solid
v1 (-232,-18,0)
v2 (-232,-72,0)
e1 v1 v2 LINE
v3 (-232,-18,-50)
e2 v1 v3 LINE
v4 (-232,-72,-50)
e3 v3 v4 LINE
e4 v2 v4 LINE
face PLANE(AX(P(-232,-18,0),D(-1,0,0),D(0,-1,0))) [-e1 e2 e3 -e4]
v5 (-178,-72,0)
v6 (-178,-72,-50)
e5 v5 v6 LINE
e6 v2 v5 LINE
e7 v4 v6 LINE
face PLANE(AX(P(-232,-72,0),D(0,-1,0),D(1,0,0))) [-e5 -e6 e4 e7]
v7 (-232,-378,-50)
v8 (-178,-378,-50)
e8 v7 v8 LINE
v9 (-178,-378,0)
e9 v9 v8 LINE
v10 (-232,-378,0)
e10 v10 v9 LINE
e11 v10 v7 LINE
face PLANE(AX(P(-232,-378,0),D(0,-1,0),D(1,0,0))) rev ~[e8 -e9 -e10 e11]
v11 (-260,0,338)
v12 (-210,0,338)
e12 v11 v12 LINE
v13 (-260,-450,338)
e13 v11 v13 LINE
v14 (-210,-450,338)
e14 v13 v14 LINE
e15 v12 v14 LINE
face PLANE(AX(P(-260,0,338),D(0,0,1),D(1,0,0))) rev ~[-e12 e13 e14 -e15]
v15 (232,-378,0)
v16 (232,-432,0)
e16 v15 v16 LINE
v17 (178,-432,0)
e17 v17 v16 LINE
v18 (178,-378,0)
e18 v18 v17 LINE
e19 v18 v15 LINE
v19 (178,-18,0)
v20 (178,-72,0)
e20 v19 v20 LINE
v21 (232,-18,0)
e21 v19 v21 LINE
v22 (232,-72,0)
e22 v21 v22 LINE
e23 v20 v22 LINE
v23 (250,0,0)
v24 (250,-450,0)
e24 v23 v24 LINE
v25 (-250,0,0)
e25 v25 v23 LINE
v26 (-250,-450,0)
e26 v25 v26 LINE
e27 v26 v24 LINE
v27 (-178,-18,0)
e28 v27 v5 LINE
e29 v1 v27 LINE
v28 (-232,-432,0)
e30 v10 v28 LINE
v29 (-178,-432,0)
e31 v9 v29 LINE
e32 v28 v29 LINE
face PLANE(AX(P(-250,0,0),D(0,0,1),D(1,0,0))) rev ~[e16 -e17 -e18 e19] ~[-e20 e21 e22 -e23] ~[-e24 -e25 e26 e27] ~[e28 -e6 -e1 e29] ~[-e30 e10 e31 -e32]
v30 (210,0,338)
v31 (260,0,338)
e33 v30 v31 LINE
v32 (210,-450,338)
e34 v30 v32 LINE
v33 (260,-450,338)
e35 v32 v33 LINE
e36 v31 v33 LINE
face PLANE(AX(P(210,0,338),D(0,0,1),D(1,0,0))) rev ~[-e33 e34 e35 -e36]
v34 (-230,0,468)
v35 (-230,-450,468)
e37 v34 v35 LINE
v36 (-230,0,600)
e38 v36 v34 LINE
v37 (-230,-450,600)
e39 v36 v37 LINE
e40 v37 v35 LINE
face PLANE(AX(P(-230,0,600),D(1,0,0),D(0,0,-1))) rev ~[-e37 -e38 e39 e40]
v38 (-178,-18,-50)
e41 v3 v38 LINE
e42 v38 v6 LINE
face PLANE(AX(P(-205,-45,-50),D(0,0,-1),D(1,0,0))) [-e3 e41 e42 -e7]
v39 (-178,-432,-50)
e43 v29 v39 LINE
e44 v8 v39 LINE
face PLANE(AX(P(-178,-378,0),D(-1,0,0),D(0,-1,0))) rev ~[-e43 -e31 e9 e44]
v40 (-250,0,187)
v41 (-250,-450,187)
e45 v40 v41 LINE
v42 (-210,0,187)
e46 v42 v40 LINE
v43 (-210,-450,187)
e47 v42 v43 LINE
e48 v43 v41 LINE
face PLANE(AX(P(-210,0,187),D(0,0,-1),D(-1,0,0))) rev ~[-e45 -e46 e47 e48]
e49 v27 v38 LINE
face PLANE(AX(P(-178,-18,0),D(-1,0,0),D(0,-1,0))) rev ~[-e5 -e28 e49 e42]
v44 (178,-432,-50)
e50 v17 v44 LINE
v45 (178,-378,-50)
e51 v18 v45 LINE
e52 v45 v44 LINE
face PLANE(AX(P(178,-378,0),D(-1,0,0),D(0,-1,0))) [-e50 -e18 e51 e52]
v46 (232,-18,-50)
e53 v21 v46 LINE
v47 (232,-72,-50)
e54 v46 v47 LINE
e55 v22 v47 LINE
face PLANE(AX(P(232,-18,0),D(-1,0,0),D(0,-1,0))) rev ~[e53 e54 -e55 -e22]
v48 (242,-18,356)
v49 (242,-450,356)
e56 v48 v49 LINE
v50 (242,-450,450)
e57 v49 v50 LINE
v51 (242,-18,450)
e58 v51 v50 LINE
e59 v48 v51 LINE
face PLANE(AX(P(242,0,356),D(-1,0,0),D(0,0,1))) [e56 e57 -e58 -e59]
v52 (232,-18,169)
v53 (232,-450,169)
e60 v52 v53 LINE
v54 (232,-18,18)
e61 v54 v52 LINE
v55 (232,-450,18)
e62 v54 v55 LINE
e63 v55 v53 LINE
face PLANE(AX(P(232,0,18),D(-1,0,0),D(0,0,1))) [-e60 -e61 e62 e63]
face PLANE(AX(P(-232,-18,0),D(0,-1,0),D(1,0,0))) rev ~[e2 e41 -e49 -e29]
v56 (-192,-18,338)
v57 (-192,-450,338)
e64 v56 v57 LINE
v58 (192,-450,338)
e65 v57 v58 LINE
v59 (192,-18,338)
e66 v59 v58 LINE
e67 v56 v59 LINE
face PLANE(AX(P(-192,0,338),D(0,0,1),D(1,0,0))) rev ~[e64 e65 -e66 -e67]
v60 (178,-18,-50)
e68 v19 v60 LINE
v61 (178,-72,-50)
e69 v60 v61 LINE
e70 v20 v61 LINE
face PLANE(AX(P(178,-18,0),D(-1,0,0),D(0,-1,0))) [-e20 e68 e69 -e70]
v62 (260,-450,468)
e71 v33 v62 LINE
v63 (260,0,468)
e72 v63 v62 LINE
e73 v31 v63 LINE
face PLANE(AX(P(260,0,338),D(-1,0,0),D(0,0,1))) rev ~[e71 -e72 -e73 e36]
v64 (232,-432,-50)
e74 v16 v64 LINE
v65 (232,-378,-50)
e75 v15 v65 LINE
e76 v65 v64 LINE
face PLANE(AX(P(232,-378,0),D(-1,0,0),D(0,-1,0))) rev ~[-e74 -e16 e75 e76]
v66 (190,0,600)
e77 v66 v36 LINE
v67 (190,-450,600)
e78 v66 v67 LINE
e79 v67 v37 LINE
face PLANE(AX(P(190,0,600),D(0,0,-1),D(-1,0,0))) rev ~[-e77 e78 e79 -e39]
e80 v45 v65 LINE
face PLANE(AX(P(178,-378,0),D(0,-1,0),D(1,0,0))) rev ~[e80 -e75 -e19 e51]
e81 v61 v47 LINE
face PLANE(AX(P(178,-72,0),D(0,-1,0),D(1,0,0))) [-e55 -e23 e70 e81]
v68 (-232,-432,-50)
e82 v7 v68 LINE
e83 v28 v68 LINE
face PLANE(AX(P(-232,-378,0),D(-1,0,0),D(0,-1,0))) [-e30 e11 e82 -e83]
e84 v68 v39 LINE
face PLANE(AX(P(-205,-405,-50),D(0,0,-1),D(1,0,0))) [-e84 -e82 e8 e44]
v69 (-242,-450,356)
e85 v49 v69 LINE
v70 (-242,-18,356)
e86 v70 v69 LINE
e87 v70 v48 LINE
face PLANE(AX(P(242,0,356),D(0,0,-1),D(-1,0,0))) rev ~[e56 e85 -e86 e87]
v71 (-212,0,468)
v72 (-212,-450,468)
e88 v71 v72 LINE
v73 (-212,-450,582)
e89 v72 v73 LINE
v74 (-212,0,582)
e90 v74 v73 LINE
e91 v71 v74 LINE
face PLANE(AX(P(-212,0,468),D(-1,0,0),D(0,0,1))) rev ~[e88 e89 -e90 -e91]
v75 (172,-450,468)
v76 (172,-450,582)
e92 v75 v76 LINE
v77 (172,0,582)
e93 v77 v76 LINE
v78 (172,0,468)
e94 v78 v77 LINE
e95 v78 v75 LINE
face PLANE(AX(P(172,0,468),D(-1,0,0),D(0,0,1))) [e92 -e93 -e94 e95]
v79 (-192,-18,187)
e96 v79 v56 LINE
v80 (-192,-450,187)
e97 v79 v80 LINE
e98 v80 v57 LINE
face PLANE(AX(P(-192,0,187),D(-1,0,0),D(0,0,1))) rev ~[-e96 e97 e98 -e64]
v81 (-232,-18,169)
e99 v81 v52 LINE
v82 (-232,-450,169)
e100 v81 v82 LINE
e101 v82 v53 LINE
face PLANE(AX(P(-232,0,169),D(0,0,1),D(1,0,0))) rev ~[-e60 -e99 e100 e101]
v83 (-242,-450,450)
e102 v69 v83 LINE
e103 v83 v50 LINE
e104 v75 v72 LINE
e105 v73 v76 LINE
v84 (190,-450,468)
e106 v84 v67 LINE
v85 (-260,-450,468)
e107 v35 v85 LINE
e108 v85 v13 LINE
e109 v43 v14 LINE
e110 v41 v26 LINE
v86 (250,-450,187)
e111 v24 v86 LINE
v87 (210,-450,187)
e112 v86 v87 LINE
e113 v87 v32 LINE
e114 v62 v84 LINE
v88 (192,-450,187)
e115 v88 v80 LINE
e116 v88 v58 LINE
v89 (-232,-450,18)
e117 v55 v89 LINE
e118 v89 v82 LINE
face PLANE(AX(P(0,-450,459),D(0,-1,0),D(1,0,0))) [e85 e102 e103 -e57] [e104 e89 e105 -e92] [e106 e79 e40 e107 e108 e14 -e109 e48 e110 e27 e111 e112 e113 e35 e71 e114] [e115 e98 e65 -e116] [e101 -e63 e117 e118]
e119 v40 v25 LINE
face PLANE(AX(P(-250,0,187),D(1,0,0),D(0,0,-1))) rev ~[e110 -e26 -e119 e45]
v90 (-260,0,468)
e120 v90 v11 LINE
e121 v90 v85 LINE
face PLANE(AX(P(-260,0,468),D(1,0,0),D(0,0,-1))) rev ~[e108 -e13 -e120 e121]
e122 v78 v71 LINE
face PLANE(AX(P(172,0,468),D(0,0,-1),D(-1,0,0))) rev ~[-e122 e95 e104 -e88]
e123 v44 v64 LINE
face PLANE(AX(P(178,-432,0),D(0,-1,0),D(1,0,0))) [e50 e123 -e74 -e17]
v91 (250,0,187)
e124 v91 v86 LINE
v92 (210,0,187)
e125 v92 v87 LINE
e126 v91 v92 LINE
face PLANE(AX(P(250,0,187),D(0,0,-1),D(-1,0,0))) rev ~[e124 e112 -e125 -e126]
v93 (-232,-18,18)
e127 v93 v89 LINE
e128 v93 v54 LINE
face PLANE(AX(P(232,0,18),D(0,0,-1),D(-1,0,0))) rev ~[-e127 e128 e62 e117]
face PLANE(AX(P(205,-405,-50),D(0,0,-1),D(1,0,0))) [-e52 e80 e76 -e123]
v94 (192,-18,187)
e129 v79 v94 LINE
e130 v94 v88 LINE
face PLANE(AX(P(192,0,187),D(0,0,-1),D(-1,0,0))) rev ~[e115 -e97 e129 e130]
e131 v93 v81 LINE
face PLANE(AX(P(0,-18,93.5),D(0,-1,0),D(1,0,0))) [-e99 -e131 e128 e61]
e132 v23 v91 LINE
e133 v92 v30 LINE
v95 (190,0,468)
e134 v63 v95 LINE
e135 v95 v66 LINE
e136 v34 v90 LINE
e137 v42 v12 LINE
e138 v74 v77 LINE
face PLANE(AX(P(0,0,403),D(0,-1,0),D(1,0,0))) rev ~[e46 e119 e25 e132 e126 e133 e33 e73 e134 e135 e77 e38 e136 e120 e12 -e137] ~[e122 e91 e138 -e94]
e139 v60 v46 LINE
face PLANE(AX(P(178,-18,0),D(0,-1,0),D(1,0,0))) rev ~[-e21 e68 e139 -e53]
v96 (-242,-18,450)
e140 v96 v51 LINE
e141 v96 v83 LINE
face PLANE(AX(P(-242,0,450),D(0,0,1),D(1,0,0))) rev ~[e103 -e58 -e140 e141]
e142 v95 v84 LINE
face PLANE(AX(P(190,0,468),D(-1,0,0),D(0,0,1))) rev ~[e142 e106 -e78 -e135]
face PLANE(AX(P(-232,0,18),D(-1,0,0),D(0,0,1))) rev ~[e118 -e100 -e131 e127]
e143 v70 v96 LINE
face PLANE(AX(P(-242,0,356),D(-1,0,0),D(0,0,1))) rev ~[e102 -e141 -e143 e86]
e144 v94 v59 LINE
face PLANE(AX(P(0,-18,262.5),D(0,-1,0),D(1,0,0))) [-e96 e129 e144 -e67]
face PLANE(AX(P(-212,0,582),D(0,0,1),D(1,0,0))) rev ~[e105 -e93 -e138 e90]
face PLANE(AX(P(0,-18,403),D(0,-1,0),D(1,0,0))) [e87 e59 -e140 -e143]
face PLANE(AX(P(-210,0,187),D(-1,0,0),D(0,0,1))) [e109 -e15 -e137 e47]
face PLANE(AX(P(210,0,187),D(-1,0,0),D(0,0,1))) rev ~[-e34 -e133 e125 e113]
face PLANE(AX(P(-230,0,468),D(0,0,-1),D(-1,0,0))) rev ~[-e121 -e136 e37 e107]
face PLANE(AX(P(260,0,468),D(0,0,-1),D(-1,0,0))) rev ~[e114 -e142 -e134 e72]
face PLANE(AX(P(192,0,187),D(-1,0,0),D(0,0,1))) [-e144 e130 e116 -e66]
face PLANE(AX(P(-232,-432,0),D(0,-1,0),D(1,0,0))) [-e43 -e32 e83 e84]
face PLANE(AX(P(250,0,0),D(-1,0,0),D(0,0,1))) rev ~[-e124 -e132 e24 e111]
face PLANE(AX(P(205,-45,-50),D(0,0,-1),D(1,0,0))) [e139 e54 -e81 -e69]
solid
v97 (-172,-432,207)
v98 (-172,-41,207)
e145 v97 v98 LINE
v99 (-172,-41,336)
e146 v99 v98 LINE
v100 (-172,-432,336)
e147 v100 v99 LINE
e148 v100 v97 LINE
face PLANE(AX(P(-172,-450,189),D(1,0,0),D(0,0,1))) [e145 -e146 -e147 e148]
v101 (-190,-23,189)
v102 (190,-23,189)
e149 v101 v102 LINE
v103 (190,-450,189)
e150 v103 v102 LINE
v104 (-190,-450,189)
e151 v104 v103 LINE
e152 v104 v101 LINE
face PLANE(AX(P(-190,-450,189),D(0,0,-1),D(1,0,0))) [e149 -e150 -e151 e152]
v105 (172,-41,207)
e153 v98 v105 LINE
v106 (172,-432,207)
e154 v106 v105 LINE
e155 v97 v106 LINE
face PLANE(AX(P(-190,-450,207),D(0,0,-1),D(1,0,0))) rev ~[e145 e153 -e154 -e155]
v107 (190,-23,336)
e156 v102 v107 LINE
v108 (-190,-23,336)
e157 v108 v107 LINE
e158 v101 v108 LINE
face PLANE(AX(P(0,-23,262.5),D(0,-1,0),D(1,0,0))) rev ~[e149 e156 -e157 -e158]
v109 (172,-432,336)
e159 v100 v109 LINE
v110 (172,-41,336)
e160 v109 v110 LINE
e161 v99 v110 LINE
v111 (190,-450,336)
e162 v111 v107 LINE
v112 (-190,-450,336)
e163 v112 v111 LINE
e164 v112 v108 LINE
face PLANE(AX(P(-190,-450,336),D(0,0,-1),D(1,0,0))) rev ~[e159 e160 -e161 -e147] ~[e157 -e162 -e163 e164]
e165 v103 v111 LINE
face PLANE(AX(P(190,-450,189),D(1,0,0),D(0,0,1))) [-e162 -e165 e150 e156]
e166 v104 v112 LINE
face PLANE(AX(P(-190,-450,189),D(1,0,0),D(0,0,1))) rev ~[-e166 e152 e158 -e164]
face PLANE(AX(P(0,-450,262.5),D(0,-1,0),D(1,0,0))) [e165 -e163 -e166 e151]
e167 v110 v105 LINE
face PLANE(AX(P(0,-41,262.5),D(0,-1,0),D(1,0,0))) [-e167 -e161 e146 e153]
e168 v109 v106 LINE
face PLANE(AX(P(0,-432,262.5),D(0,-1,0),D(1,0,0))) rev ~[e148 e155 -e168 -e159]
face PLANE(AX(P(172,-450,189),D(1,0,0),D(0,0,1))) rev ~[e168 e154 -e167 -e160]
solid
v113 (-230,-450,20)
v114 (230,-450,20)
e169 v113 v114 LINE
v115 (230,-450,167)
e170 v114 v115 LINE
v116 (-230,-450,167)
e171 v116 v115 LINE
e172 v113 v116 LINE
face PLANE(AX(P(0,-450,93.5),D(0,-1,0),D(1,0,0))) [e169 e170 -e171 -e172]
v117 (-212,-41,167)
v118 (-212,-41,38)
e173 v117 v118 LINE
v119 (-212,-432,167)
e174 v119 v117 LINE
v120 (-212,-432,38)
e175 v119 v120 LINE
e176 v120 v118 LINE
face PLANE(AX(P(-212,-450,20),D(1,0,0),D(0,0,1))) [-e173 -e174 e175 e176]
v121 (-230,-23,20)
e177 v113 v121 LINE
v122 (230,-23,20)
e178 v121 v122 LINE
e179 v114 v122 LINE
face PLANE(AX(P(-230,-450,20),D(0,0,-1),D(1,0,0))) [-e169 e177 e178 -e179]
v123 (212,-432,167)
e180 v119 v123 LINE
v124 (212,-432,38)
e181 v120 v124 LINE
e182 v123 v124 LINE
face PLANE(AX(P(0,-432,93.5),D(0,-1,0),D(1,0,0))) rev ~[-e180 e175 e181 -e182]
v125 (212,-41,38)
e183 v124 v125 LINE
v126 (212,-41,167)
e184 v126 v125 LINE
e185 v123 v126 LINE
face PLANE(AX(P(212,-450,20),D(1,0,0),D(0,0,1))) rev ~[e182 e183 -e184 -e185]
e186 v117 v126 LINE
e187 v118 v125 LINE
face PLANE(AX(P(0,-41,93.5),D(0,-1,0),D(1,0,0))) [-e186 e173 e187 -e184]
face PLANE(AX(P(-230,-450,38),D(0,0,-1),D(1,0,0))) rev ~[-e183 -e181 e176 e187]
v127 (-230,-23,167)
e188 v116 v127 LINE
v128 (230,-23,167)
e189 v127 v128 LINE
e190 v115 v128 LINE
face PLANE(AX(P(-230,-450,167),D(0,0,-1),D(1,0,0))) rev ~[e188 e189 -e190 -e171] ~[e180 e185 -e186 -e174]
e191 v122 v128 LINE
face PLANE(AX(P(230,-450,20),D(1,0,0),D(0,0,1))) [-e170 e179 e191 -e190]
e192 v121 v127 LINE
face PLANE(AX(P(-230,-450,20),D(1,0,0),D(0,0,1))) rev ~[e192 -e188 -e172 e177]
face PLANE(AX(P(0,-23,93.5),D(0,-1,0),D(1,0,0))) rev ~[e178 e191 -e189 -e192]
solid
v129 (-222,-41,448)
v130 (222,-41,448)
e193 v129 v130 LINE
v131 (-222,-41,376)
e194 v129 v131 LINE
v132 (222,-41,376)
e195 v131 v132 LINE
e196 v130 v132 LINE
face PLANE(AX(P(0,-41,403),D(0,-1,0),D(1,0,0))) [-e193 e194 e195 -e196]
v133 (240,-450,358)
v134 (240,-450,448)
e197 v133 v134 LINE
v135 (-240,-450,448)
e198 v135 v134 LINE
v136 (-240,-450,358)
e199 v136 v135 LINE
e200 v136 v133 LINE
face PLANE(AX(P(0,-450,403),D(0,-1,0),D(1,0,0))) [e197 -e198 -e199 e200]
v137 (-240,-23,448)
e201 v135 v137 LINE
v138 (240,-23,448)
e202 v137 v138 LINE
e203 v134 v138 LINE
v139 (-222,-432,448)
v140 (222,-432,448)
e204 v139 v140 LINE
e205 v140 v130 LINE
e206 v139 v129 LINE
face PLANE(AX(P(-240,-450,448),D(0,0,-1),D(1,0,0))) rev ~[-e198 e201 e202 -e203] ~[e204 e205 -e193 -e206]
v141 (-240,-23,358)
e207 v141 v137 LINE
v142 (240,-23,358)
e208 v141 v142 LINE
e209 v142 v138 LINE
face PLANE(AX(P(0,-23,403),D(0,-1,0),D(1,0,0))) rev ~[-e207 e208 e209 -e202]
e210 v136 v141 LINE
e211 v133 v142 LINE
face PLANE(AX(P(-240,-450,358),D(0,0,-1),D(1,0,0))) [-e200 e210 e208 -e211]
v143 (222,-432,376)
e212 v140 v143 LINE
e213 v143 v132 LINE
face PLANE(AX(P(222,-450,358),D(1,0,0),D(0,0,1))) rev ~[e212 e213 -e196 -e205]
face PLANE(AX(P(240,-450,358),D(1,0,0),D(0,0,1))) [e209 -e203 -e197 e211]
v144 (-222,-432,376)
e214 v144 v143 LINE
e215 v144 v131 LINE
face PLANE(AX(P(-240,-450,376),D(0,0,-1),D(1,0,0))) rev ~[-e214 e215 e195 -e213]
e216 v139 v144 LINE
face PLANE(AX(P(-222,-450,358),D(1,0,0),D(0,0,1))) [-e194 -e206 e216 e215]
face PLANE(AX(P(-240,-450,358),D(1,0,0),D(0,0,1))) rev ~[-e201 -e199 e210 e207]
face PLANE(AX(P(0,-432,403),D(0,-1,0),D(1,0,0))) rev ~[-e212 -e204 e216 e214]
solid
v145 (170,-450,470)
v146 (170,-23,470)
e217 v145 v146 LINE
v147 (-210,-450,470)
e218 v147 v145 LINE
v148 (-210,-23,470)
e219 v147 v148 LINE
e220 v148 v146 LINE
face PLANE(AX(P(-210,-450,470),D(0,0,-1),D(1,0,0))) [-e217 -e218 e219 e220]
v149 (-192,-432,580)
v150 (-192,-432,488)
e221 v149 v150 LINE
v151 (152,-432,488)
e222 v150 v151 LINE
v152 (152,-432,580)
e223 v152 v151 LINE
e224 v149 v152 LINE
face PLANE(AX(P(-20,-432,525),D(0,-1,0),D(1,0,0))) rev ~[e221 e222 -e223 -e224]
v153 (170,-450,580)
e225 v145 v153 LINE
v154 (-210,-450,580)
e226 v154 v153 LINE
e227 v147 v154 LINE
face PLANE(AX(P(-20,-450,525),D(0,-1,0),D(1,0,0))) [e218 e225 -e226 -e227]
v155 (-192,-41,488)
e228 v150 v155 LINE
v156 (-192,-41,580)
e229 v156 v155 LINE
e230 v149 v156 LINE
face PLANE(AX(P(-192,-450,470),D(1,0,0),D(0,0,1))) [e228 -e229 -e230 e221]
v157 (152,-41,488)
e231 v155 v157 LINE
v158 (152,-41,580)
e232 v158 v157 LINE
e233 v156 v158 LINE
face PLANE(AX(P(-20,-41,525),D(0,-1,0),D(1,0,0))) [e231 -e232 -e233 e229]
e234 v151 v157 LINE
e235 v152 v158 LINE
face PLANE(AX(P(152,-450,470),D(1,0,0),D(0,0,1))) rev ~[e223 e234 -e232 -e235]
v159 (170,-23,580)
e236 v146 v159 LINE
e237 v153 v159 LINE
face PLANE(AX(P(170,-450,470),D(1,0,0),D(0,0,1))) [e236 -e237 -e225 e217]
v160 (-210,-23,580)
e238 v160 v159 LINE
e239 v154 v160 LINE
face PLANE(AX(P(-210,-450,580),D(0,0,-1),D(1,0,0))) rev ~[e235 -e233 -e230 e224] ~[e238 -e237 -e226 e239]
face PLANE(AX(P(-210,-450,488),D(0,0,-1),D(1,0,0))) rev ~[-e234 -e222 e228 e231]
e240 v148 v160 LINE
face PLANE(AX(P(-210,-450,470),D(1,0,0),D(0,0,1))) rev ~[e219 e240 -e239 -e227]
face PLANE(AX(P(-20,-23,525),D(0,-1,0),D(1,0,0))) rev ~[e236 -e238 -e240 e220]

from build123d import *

# Parameters (mm, degrees)
F0_W     = 18
F0_H     = 114
F0_H_2   = 94
F0_H_3   = 151
F1_DEPTH = 450
F0_W_2   = 484
F0_W_3   = 384
F0_W_4   = 464
F2_DEPTH = 18
F3_W     = 480
F3_H     = 90
F4_DEPTH = 427
F3_W_2   = 380
F3_H_2   = 147
F3_W_3   = 460
F3_H_3   = 110
F5_T     = -18
F6_T     = -18
F7_T     = -18
F8_W     = 54
F8_H     = 54
F9_DEPTH = 50
F10_T    = -18


with BuildPart() as f1:
    # F0 (on Front) → F1 (new body)
    with BuildSketch(Plane.XZ):
        Polygon((-230, 468), (-260, 468), (-260, 450), (-242, 450), (242, 450), (260, 450), (260, 468), (190, 468), (172, 468), (-212, 468), align=None)
        with Locations((-221, 525)):
            Rectangle(F0_W, F0_H)
        with Locations((-251, 403)):
            Rectangle(F0_W, F0_H_2)
        Polygon((-230, 600), (-230, 582), (-212, 582), (172, 582), (190, 582), (190, 600), align=None)
        Polygon((-242, 356), (-260, 356), (-260, 338), (-210, 338), (-192, 338), (192, 338), (210, 338), (260, 338), (260, 356), (242, 356), align=None)
        with Locations((181, 525)):
            Rectangle(F0_W, F0_H)
        with Locations((251, 403)):
            Rectangle(F0_W, F0_H_2)
        with Locations((-201, 262.5)):
            Rectangle(F0_W, F0_H_3)
        Polygon((-192, 187), (-210, 187), (-250, 187), (-250, 169), (-232, 169), (232, 169), (250, 169), (250, 187), (210, 187), (192, 187), align=None)
        with Locations((201, 262.5)):
            Rectangle(F0_W, F0_H_3)
        with Locations((-241, 93.5)):
            Rectangle(F0_W, F0_H_3)
        Polygon((-232, 18), (-250, 18), (-250, 0), (250, 0), (250, 18), (232, 18), align=None)
        with Locations((241, 93.5)):
            Rectangle(F0_W, F0_H_3)
    extrude(amount=F1_DEPTH)

    # F0 (on Front) → F2 (join)
    with BuildSketch(Plane.XZ):
        with Locations((0, 403)):
            Rectangle(F0_W_2, F0_H_2)
        with Locations((0, 262.5)):
            Rectangle(F0_W_3, F0_H_3)
        with Locations((0, 93.5)):
            Rectangle(F0_W_4, F0_H_3)
    extrude(amount=F2_DEPTH)

    # F8 (on face) → F9 (join)
    with BuildSketch(Plane(origin=(0, 0, 0), x_dir=(1, 0, 0), z_dir=(0, 0, -1))):
        with Locations((-205, 405)):
            Rectangle(F8_W, F8_H)
        with Locations((205, 405)):
            Rectangle(F8_W, F8_H)
        with Locations((-205, 45)):
            Rectangle(F8_W, F8_H)
        with Locations((205, 45)):
            Rectangle(F8_W, F8_H)
    extrude(amount=F9_DEPTH)


with BuildPart() as f4:
    # F3 (on face) → F4 (new body, through all)
    with BuildSketch(Plane.XZ.offset(450)):
        with Locations((0, 403)):
            Rectangle(F3_W, F3_H)
    extrude(amount=-F4_DEPTH)

    # F5
    f5_openings = [f4.faces().sort_by_distance(p)[0] for p in [
        (0, -236.5, 448),
    ]]
    offset(amount=F5_T, openings=f5_openings)


with BuildPart() as f4b:
    # F3 (on face) → F4, piece 2 (new body, through all)
    with BuildSketch(Plane.XZ.offset(450)):
        with Locations((0, 262.5)):
            Rectangle(F3_W_2, F3_H_2)
    extrude(amount=-F4_DEPTH)

    # F6
    f6_openings = [f4b.faces().sort_by_distance(p)[0] for p in [
        (0, -236.5, 336),
    ]]
    offset(amount=F6_T, openings=f6_openings)


with BuildPart() as f4c:
    # F3 (on face) → F4, piece 3 (new body, through all)
    with BuildSketch(Plane.XZ.offset(450)):
        with Locations((0, 93.5)):
            Rectangle(F3_W_3, F3_H_2)
    extrude(amount=-F4_DEPTH)

    # F7
    f7_openings = [f4c.faces().sort_by_distance(p)[0] for p in [
        (0, -236.5, 167),
    ]]
    offset(amount=F7_T, openings=f7_openings)


with BuildPart() as f4d:
    # F3 (on face) → F4, piece 4 (new body, through all)
    with BuildSketch(Plane.XZ.offset(450)):
        with Locations((-20, 525)):
            Rectangle(F3_W_2, F3_H_3)
    extrude(amount=-F4_DEPTH)

    # F10
    f10_openings = [f4d.faces().sort_by_distance(p)[0] for p in [
        (-20, -236.5, 580),
    ]]
    offset(amount=F10_T, openings=f10_openings)


solid = Compound([f1.part, f4.part, f4b.part, f4c.part, f4d.part])
